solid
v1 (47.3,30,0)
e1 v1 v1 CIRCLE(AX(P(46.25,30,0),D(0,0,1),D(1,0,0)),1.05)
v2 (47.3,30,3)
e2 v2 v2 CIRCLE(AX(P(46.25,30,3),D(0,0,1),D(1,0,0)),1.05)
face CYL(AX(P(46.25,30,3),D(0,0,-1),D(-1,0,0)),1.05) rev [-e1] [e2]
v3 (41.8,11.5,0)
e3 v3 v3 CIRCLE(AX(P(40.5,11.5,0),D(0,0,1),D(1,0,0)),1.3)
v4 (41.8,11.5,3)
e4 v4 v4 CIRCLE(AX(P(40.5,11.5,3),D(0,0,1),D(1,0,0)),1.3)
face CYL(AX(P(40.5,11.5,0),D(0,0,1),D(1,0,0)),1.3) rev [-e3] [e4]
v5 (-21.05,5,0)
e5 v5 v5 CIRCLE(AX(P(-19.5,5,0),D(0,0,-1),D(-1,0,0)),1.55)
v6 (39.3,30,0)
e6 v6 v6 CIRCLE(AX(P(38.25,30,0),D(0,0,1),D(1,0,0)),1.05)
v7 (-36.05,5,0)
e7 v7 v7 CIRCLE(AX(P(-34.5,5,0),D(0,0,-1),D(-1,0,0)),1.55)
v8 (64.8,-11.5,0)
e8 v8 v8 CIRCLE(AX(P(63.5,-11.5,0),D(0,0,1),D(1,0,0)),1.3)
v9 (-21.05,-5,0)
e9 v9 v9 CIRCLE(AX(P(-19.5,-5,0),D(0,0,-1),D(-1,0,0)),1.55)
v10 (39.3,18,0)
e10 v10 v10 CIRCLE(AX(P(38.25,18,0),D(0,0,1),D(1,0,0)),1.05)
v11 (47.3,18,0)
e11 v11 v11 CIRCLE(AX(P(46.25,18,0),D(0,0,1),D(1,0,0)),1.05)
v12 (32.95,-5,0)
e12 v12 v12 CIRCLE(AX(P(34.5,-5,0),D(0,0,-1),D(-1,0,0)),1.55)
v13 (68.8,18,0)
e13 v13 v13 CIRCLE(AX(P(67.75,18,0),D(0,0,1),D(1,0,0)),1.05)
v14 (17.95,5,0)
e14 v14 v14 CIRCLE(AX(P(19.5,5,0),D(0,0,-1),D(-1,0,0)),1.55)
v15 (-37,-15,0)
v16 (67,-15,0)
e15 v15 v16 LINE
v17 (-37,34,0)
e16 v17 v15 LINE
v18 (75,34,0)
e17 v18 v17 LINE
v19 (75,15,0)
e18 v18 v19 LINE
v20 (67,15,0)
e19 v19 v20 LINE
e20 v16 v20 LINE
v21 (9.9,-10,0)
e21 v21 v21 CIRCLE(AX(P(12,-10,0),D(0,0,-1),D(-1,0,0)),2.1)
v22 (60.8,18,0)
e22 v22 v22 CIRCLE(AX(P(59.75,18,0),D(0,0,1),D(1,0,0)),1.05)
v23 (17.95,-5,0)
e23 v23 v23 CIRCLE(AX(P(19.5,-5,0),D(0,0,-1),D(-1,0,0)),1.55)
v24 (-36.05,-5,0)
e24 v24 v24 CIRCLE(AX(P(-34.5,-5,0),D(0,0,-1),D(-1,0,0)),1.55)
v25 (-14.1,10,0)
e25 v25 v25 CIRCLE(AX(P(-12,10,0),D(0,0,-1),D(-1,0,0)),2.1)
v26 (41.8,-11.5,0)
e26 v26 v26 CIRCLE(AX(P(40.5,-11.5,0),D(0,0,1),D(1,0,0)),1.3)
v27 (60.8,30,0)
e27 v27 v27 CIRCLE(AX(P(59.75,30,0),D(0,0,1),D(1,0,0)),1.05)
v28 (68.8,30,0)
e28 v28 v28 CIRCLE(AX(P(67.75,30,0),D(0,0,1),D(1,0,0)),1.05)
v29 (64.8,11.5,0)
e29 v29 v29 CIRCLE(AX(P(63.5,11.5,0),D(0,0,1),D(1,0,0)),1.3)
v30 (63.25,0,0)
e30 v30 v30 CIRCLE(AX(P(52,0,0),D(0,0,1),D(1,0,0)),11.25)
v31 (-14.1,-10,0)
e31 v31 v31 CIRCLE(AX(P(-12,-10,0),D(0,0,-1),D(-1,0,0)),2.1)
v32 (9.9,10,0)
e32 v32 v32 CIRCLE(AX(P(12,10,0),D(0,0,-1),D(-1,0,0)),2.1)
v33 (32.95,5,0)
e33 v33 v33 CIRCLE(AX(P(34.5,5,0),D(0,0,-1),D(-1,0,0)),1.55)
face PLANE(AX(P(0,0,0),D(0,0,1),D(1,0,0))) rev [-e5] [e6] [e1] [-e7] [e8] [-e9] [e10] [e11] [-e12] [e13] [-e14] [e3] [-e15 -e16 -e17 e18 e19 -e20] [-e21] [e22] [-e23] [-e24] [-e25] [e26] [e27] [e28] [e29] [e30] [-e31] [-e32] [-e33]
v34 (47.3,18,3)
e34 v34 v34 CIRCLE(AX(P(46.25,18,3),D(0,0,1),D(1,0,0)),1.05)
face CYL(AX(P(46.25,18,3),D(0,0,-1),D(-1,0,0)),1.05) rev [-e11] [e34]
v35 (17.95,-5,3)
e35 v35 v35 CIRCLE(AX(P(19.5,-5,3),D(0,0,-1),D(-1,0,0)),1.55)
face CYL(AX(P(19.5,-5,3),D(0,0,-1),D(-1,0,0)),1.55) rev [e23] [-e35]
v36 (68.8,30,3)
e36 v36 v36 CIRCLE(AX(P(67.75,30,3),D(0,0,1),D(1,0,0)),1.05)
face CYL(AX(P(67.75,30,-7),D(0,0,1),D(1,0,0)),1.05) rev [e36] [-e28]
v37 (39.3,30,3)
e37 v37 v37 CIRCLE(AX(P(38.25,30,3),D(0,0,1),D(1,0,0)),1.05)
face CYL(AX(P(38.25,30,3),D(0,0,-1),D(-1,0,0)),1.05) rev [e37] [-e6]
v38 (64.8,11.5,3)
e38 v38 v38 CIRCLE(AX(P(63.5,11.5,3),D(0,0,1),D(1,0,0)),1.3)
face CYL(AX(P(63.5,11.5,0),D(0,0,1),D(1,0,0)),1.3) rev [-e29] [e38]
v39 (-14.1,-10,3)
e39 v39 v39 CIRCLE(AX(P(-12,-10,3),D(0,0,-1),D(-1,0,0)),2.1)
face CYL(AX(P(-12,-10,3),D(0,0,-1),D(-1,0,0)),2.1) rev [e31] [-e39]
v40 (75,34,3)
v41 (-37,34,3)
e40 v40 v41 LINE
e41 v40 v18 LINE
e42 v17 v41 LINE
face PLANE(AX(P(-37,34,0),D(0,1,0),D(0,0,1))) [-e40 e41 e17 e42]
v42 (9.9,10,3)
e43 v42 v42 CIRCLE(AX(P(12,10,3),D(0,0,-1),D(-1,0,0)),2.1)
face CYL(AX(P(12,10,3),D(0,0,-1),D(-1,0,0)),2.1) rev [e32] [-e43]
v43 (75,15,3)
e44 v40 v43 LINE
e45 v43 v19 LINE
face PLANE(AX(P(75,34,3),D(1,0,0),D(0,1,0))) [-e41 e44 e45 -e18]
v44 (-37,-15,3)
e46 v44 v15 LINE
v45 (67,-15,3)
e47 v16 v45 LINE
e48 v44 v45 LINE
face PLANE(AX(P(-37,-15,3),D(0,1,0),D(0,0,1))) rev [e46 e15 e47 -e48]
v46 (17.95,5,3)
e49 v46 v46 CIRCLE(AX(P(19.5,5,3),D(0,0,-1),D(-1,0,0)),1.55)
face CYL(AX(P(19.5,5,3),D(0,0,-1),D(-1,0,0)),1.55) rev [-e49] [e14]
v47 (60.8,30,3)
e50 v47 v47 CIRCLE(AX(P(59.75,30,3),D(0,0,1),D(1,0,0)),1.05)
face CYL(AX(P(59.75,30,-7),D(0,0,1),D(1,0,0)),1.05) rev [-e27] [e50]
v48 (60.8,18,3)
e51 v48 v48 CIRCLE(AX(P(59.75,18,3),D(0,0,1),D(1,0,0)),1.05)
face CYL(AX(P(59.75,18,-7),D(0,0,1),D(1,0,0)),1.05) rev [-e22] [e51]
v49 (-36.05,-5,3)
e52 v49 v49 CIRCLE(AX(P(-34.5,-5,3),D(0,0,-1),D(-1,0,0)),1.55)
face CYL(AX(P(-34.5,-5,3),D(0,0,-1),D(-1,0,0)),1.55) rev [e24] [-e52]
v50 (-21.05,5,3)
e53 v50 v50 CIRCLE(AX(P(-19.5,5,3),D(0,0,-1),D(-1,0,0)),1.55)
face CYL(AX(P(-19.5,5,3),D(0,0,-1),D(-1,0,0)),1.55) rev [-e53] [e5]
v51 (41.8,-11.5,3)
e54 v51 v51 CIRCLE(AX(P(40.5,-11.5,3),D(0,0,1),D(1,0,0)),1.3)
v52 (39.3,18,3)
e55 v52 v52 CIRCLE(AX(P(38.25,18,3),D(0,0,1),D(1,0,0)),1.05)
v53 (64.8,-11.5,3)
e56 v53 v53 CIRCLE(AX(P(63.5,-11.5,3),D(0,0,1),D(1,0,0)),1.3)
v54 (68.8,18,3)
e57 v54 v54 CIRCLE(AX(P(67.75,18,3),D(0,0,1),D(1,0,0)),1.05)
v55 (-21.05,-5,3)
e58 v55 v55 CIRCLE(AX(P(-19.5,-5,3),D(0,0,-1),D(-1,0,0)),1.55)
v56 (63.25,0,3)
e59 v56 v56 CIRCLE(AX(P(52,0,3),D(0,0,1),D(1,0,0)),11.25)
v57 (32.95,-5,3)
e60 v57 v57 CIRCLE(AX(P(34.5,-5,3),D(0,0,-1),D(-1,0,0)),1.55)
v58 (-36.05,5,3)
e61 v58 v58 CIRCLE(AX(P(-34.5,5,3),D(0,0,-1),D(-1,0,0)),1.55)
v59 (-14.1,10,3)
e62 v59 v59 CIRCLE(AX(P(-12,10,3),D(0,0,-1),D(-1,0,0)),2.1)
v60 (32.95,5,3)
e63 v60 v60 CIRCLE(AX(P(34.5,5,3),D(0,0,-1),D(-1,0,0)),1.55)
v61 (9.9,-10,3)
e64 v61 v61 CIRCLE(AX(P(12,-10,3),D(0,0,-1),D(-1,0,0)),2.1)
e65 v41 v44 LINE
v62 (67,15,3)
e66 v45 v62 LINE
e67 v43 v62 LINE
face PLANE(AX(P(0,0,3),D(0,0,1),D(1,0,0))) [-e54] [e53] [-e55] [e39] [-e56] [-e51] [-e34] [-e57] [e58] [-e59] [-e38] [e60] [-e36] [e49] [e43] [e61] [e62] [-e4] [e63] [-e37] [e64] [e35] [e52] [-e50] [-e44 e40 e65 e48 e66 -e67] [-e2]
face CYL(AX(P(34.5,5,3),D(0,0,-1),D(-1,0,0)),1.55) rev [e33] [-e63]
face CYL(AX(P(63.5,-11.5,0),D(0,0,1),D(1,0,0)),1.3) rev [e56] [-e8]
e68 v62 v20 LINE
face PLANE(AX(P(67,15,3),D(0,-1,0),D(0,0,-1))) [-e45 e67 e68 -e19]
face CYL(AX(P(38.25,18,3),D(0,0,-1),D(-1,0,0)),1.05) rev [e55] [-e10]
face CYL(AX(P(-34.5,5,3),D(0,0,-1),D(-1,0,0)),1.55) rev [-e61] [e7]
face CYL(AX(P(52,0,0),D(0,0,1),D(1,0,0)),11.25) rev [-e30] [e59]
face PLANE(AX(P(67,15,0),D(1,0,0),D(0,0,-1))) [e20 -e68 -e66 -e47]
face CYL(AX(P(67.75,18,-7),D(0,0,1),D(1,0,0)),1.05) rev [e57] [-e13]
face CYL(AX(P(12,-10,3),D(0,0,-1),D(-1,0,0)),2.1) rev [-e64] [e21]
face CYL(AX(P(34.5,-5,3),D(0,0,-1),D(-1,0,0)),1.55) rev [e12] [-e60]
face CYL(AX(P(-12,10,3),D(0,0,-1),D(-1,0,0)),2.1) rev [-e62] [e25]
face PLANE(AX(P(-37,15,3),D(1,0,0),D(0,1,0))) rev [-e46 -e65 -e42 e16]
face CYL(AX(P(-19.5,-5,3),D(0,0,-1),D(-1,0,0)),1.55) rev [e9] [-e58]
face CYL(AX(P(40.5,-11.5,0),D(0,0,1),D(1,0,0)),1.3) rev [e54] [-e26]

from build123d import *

# Parameters (mm, degrees)
SKETCH_1_W          = 74
SKETCH_1_H          = 30
EXTRUDE_1_DEPTH     = 3
SKETCH_2_R          = 1.55
SKETCH_2_R_2        = 2.1
CUT_EXTRUDE_1_DEPTH = 3
SKETCH_3_W          = 30
SKETCH_3_H          = 30
SKETCH_3_R          = 11.25
SKETCH_3_R_2        = 1.3
EXTRUDE_2_DEPTH     = 3
SKETCH_4_W          = 74
SKETCH_4_H          = 19
EXTRUDE_3_DEPTH     = 3
SKETCH_5_R          = 1.05
CUT_EXTRUDE_2_DEPTH = 10
SKETCH_6_R          = 1.05
CUT_EXTRUDE_4_DEPTH = 10
SKETCH_7_W          = 30
SKETCH_7_H          = 3
EXTRUDE_4_DEPTH     = 19
SKETCH_10_W         = 8
SKETCH_10_H         = 19
EXTRUDE_6_DEPTH     = 3
SKETCH_11_R         = 1.05
CUT_EXTRUDE_5_DEPTH = 10
SKETCH_12_W         = 72.681959433
SKETCH_12_H         = 19
EXTRUDE_7_DEPTH     = 3
SKETCH_13_R         = 1.05
CUT_EXTRUDE_7_DEPTH = 3


with BuildPart() as part:
    # 草图1 → 凸台-拉伸1 (new body)
    with BuildSketch(Plane.XY):
        Rectangle(SKETCH_1_W, SKETCH_1_H)
    extrude(amount=EXTRUDE_1_DEPTH)

    # 草图2 → 切除-拉伸1 (cut)
    with BuildSketch(Plane(origin=(0, 0, 0), x_dir=(-1, 0, 0), z_dir=(0, 0, -1))):
        with Locations((-34.5, 5)):
            Circle(SKETCH_2_R)
        with Locations((-34.5, -5)):
            Circle(SKETCH_2_R)
        with Locations((-19.5, 5)):
            Circle(SKETCH_2_R)
        with Locations((-19.5, -5)):
            Circle(SKETCH_2_R)
        with Locations((-12, 10)):
            Circle(SKETCH_2_R_2)
        with Locations((12, 10)):
            Circle(SKETCH_2_R_2)
        with Locations((-12, -10)):
            Circle(SKETCH_2_R_2)
        with Locations((12, -10)):
            Circle(SKETCH_2_R_2)
        with Locations((34.5, 5)):
            Circle(SKETCH_2_R)
        with Locations((34.5, -5)):
            Circle(SKETCH_2_R)
        with Locations((19.5, 5)):
            Circle(SKETCH_2_R)
        with Locations((19.5, -5)):
            Circle(SKETCH_2_R)
    extrude(amount=-CUT_EXTRUDE_1_DEPTH, mode=Mode.SUBTRACT)

    # 草图3 → 凸台-拉伸2 (add)
    with BuildSketch(Plane.XY.offset(3)):
        with Locations((52, 0)):
            Rectangle(SKETCH_3_W, SKETCH_3_H)
        with Locations((52, 0)):
            Circle(SKETCH_3_R, mode=Mode.SUBTRACT)
        with Locations((40.5, 11.5)):
            Circle(SKETCH_3_R_2, mode=Mode.SUBTRACT)
        with Locations((63.5, 11.5)):
            Circle(SKETCH_3_R_2, mode=Mode.SUBTRACT)
        with Locations((40.5, -11.5)):
            Circle(SKETCH_3_R_2, mode=Mode.SUBTRACT)
        with Locations((63.5, -11.5)):
            Circle(SKETCH_3_R_2, mode=Mode.SUBTRACT)
    extrude(amount=-EXTRUDE_2_DEPTH)

    # 草图4 → 凸台-拉伸3 (add, through all)
    with BuildSketch(Plane.XY.offset(3)):
        with Locations((0, 24.5)):
            Rectangle(SKETCH_4_W, SKETCH_4_H)
    extrude(amount=-EXTRUDE_3_DEPTH)

    # 草图5 → 切除-拉伸2 (cut)
    with BuildSketch(Plane.XY.offset(3)):
        with Locations((-21.5, 31.5)):
            Circle(SKETCH_5_R)
        with Locations((-21.5, 16.5)):
            Circle(SKETCH_5_R)
        with Locations((-11.5, 31.5)):
            Circle(SKETCH_5_R)
        with Locations((-11.5, 16.5)):
            Circle(SKETCH_5_R)
        with Locations((27, 31.5)):
            Circle(SKETCH_5_R)
        with Locations((17, 31.5)):
            Circle(SKETCH_5_R)
        with Locations((17, 16.5)):
            Circle(SKETCH_5_R)
        with Locations((27, 16.5)):
            Circle(SKETCH_5_R)
    extrude(amount=-CUT_EXTRUDE_2_DEPTH, mode=Mode.SUBTRACT)

    # 草图6 → 切除-拉伸4 (cut)
    with BuildSketch(Plane.XY.offset(3)):
        with Locations((-20.5, 30)):
            Circle(SKETCH_6_R)
        with Locations((-12.5, 30)):
            Circle(SKETCH_6_R)
        with Locations((-12.5, 18)):
            Circle(SKETCH_6_R)
        with Locations((-20.5, 18)):
            Circle(SKETCH_6_R)
        with Locations((18, 30)):
            Circle(SKETCH_6_R)
        with Locations((26, 30)):
            Circle(SKETCH_6_R)
        with Locations((26, 18)):
            Circle(SKETCH_6_R)
        with Locations((18, 18)):
            Circle(SKETCH_6_R)
    extrude(amount=-CUT_EXTRUDE_4_DEPTH, mode=Mode.SUBTRACT)

    # 草图7 → 凸台-拉伸4 (add, through all)
    with BuildSketch(Plane(origin=(0, 15, 0), x_dir=(1, 0, 0), z_dir=(0, 1, 0))):
        with Locations((52, -1.5)):
            Rectangle(SKETCH_7_W, SKETCH_7_H)
    extrude(amount=EXTRUDE_4_DEPTH)

    # 草图10 → 凸台-拉伸6 (add)
    with BuildSketch(Plane(origin=(0, 0, 0), x_dir=(-1, 0, 0), z_dir=(0, 0, -1))):
        with Locations((-71, 24.5)):
            Rectangle(SKETCH_10_W, SKETCH_10_H)
    extrude(amount=-EXTRUDE_6_DEPTH)

    # 草图11 → 切除-拉伸5 (cut)
    with BuildSketch(Plane.XY.offset(3)):
        with Locations((59.75, 30)):
            Circle(SKETCH_11_R)
        with Locations((67.75, 30)):
            Circle(SKETCH_11_R)
        with Locations((59.75, 18)):
            Circle(SKETCH_11_R)
        with Locations((67.75, 18)):
            Circle(SKETCH_11_R)
    extrude(amount=-CUT_EXTRUDE_5_DEPTH, mode=Mode.SUBTRACT)

    # 草图12 → 凸台-拉伸7 (add)
    with BuildSketch(Plane.XY):
        with Locations((-0.659020283, 24.5)):
            Rectangle(SKETCH_12_W, SKETCH_12_H)
    extrude(amount=EXTRUDE_7_DEPTH)

    # 草图13 → 切除-拉伸7 (cut)
    with BuildSketch(Plane.XY):
        with Locations((46.25, 30)):
            Circle(SKETCH_13_R)
        with Locations((46.25, 18)):
            Circle(SKETCH_13_R)
        with Locations((38.25, 18)):
            Circle(SKETCH_13_R)
        with Locations((38.25, 30)):
            Circle(SKETCH_13_R)
    extrude(amount=CUT_EXTRUDE_7_DEPTH, mode=Mode.SUBTRACT)


solid = part.part
